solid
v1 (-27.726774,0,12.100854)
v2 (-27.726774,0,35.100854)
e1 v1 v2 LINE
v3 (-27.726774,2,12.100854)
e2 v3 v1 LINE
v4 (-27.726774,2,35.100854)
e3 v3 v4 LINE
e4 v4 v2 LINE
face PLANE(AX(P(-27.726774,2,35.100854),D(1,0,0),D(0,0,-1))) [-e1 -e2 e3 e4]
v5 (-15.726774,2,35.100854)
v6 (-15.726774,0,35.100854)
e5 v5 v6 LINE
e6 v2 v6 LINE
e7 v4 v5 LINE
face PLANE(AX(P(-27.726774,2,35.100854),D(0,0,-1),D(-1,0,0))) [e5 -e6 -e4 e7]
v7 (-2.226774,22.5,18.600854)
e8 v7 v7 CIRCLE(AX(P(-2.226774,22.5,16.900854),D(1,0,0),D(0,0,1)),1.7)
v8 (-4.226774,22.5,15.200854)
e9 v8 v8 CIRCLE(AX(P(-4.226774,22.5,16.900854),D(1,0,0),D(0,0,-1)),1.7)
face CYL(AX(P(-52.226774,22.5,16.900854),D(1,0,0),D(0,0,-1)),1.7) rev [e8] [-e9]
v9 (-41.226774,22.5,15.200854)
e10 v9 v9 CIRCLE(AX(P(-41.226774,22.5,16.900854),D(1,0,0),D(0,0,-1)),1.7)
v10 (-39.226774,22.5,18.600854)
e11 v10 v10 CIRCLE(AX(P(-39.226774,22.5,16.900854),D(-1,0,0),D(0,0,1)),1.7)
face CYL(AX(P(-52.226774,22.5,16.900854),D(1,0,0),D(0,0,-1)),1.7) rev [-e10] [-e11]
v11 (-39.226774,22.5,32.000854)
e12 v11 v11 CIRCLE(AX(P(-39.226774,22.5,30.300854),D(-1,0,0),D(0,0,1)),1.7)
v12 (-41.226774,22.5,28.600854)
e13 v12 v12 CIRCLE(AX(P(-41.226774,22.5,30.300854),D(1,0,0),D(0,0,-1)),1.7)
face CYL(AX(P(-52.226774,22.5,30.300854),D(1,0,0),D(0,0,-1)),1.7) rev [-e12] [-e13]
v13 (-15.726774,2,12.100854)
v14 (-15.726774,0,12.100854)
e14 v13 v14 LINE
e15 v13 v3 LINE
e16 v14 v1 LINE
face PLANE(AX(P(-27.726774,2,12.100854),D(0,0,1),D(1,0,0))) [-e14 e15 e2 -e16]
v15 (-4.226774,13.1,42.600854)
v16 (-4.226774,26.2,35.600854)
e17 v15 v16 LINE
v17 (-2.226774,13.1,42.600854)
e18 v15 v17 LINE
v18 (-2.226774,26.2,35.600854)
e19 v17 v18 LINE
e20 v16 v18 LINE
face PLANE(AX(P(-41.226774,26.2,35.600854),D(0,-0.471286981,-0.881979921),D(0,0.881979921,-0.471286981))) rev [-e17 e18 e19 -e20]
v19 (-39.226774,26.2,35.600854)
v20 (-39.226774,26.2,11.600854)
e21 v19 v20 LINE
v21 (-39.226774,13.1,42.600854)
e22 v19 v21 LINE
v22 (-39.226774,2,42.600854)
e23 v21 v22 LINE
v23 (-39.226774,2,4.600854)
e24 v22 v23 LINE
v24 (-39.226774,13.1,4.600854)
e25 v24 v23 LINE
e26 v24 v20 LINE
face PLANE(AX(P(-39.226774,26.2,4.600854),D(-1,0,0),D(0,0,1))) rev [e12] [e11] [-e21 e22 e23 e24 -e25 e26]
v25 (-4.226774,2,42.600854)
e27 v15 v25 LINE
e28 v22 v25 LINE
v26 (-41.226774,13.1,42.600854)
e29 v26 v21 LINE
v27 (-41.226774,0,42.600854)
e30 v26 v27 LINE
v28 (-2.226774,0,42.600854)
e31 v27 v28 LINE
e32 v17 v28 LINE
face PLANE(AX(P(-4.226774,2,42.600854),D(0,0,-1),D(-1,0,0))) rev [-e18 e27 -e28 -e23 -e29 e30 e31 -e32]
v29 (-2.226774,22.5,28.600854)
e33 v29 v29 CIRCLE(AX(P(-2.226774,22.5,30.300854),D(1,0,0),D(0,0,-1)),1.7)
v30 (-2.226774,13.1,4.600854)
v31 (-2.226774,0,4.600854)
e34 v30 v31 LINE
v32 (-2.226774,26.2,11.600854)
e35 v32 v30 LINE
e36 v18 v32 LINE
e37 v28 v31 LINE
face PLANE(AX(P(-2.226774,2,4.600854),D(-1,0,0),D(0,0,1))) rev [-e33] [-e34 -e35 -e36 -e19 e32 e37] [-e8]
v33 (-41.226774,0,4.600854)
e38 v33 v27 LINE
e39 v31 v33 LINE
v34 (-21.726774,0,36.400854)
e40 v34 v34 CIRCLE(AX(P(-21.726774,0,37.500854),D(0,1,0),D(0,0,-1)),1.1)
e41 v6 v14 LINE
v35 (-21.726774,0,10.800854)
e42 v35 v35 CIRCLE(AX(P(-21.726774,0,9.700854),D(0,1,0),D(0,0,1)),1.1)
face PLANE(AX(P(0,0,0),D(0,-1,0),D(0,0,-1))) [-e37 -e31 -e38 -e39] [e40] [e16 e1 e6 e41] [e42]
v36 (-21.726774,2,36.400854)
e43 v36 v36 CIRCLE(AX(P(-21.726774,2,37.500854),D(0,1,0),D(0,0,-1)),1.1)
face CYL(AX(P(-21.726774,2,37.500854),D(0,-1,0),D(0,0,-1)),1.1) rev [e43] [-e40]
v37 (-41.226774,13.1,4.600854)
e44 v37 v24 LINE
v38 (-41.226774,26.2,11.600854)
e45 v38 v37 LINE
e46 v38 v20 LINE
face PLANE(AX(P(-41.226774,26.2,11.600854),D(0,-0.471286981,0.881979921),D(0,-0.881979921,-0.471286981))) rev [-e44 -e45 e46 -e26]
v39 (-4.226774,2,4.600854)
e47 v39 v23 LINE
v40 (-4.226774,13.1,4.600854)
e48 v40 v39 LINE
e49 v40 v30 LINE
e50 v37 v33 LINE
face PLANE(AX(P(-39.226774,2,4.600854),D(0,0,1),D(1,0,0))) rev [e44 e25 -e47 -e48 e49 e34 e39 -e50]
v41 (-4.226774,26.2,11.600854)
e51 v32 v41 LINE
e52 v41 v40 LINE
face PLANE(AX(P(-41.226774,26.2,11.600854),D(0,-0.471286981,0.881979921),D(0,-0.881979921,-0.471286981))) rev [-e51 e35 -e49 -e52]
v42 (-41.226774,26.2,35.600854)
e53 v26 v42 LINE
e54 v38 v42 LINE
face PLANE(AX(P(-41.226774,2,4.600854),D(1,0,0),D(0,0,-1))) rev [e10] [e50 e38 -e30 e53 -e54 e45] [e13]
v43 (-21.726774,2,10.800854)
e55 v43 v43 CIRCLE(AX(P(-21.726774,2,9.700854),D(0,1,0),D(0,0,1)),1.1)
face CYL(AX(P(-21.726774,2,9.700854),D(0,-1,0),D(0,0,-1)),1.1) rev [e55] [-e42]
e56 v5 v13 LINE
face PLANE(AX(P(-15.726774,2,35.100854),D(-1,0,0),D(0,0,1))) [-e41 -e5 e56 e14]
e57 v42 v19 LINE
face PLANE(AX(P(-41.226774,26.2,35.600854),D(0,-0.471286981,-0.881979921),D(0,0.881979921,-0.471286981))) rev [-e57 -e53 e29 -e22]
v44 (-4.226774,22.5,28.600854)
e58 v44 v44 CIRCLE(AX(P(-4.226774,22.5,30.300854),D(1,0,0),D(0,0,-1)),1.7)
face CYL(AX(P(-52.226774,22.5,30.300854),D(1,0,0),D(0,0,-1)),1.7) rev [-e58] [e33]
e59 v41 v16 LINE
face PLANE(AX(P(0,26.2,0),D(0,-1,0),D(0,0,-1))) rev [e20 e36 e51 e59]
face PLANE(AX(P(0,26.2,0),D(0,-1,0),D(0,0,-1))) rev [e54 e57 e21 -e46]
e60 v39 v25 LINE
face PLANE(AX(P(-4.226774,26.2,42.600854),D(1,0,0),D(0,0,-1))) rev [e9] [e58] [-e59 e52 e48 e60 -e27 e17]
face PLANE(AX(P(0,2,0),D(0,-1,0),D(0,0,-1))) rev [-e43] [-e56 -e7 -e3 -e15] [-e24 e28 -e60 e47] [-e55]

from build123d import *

# Parameters (mm, degrees)
SKETCH_2_R          = 1.1
SKETCH_2_W          = 12
SKETCH_2_H          = 23
EXTRUDE_2_DEPTH     = 2
SKETCH_4_W          = 2
SKETCH_4_H          = 38
EXTRUDE_3_DEPTH     = 24.2
SKETCH_5_W          = 2
SKETCH_5_H          = 38
EXTRUDE_4_DEPTH     = 24.2
SKETCH_6_R          = 1.7
CUT_EXTRUDE_1_DEPTH = 50
CUT_EXTRUDE_2_DEPTH = 39


with BuildPart() as part:
    # 草图2 → 凸台-拉伸2 (new body)
    with BuildSketch(Plane(origin=(0, 0, 0), x_dir=(1, 0, 0), z_dir=(0, 1, 0))):
        Polygon((-39.22677438, -4.600854345), (-4.22677438, -4.600854345), (-2.22677438, -4.600854345), (-2.22677438, -42.600854345), (-4.22677438, -42.600854345), (-39.22677438, -42.600854345), (-41.22677438, -42.600854345), (-41.22677438, -4.600854345), align=None)
        with Locations(Location((-21.72677438, -9.700854345, 0), (0, 0, 270))):
            Circle(SKETCH_2_R, mode=Mode.SUBTRACT)
        with Locations(Location((-21.72677438, -37.500854345, 0), (0, 0, 90))):
            Circle(SKETCH_2_R, mode=Mode.SUBTRACT)
        with Locations((-21.72677438, -23.600854345)):
            Rectangle(SKETCH_2_W, SKETCH_2_H, mode=Mode.SUBTRACT)
    extrude(amount=EXTRUDE_2_DEPTH)

    # 草图4 → 凸台-拉伸3 (add)
    with BuildSketch(Plane(origin=(0, 2, 0), x_dir=(1, 0, 0), z_dir=(0, 1, 0))):
        with Locations((-40.22677438, -23.600854345)):
            Rectangle(SKETCH_4_W, SKETCH_4_H)
    extrude(amount=EXTRUDE_3_DEPTH)

    # 草图5 → 凸台-拉伸4 (add)
    with BuildSketch(Plane(origin=(0, 2, 0), x_dir=(1, 0, 0), z_dir=(0, 1, 0))):
        with Locations((-3.22677438, -23.600854345)):
            Rectangle(SKETCH_5_W, SKETCH_5_H)
    extrude(amount=EXTRUDE_4_DEPTH)

    # 草图6 → 切除-拉伸1 (cut)
    with BuildSketch(Plane(origin=(-2.22677438, 0, 0), x_dir=(0, 0, -1), z_dir=(1, 0, 0))):
        with Locations((-30.300854345, 22.5)):
            Circle(SKETCH_6_R)
        with Locations((-16.900854345, 22.5)):
            Circle(SKETCH_6_R)
    extrude(amount=-CUT_EXTRUDE_1_DEPTH, mode=Mode.SUBTRACT)

    # 草图7 → 切除-拉伸2 (cut)
    with BuildSketch(Plane(origin=(-2.22677438, 0, 0), x_dir=(0, 0, -1), z_dir=(1, 0, 0))):
        Polygon((-35.600854345, 26.2), (-42.600854345, 13.1), (-42.600854345, 26.2), align=None)
        Polygon((-11.600854345, 26.2), (-4.600854345, 13.1), (-4.600854345, 26.2), align=None)
    extrude(amount=-CUT_EXTRUDE_2_DEPTH, mode=Mode.SUBTRACT)


solid = part.part
